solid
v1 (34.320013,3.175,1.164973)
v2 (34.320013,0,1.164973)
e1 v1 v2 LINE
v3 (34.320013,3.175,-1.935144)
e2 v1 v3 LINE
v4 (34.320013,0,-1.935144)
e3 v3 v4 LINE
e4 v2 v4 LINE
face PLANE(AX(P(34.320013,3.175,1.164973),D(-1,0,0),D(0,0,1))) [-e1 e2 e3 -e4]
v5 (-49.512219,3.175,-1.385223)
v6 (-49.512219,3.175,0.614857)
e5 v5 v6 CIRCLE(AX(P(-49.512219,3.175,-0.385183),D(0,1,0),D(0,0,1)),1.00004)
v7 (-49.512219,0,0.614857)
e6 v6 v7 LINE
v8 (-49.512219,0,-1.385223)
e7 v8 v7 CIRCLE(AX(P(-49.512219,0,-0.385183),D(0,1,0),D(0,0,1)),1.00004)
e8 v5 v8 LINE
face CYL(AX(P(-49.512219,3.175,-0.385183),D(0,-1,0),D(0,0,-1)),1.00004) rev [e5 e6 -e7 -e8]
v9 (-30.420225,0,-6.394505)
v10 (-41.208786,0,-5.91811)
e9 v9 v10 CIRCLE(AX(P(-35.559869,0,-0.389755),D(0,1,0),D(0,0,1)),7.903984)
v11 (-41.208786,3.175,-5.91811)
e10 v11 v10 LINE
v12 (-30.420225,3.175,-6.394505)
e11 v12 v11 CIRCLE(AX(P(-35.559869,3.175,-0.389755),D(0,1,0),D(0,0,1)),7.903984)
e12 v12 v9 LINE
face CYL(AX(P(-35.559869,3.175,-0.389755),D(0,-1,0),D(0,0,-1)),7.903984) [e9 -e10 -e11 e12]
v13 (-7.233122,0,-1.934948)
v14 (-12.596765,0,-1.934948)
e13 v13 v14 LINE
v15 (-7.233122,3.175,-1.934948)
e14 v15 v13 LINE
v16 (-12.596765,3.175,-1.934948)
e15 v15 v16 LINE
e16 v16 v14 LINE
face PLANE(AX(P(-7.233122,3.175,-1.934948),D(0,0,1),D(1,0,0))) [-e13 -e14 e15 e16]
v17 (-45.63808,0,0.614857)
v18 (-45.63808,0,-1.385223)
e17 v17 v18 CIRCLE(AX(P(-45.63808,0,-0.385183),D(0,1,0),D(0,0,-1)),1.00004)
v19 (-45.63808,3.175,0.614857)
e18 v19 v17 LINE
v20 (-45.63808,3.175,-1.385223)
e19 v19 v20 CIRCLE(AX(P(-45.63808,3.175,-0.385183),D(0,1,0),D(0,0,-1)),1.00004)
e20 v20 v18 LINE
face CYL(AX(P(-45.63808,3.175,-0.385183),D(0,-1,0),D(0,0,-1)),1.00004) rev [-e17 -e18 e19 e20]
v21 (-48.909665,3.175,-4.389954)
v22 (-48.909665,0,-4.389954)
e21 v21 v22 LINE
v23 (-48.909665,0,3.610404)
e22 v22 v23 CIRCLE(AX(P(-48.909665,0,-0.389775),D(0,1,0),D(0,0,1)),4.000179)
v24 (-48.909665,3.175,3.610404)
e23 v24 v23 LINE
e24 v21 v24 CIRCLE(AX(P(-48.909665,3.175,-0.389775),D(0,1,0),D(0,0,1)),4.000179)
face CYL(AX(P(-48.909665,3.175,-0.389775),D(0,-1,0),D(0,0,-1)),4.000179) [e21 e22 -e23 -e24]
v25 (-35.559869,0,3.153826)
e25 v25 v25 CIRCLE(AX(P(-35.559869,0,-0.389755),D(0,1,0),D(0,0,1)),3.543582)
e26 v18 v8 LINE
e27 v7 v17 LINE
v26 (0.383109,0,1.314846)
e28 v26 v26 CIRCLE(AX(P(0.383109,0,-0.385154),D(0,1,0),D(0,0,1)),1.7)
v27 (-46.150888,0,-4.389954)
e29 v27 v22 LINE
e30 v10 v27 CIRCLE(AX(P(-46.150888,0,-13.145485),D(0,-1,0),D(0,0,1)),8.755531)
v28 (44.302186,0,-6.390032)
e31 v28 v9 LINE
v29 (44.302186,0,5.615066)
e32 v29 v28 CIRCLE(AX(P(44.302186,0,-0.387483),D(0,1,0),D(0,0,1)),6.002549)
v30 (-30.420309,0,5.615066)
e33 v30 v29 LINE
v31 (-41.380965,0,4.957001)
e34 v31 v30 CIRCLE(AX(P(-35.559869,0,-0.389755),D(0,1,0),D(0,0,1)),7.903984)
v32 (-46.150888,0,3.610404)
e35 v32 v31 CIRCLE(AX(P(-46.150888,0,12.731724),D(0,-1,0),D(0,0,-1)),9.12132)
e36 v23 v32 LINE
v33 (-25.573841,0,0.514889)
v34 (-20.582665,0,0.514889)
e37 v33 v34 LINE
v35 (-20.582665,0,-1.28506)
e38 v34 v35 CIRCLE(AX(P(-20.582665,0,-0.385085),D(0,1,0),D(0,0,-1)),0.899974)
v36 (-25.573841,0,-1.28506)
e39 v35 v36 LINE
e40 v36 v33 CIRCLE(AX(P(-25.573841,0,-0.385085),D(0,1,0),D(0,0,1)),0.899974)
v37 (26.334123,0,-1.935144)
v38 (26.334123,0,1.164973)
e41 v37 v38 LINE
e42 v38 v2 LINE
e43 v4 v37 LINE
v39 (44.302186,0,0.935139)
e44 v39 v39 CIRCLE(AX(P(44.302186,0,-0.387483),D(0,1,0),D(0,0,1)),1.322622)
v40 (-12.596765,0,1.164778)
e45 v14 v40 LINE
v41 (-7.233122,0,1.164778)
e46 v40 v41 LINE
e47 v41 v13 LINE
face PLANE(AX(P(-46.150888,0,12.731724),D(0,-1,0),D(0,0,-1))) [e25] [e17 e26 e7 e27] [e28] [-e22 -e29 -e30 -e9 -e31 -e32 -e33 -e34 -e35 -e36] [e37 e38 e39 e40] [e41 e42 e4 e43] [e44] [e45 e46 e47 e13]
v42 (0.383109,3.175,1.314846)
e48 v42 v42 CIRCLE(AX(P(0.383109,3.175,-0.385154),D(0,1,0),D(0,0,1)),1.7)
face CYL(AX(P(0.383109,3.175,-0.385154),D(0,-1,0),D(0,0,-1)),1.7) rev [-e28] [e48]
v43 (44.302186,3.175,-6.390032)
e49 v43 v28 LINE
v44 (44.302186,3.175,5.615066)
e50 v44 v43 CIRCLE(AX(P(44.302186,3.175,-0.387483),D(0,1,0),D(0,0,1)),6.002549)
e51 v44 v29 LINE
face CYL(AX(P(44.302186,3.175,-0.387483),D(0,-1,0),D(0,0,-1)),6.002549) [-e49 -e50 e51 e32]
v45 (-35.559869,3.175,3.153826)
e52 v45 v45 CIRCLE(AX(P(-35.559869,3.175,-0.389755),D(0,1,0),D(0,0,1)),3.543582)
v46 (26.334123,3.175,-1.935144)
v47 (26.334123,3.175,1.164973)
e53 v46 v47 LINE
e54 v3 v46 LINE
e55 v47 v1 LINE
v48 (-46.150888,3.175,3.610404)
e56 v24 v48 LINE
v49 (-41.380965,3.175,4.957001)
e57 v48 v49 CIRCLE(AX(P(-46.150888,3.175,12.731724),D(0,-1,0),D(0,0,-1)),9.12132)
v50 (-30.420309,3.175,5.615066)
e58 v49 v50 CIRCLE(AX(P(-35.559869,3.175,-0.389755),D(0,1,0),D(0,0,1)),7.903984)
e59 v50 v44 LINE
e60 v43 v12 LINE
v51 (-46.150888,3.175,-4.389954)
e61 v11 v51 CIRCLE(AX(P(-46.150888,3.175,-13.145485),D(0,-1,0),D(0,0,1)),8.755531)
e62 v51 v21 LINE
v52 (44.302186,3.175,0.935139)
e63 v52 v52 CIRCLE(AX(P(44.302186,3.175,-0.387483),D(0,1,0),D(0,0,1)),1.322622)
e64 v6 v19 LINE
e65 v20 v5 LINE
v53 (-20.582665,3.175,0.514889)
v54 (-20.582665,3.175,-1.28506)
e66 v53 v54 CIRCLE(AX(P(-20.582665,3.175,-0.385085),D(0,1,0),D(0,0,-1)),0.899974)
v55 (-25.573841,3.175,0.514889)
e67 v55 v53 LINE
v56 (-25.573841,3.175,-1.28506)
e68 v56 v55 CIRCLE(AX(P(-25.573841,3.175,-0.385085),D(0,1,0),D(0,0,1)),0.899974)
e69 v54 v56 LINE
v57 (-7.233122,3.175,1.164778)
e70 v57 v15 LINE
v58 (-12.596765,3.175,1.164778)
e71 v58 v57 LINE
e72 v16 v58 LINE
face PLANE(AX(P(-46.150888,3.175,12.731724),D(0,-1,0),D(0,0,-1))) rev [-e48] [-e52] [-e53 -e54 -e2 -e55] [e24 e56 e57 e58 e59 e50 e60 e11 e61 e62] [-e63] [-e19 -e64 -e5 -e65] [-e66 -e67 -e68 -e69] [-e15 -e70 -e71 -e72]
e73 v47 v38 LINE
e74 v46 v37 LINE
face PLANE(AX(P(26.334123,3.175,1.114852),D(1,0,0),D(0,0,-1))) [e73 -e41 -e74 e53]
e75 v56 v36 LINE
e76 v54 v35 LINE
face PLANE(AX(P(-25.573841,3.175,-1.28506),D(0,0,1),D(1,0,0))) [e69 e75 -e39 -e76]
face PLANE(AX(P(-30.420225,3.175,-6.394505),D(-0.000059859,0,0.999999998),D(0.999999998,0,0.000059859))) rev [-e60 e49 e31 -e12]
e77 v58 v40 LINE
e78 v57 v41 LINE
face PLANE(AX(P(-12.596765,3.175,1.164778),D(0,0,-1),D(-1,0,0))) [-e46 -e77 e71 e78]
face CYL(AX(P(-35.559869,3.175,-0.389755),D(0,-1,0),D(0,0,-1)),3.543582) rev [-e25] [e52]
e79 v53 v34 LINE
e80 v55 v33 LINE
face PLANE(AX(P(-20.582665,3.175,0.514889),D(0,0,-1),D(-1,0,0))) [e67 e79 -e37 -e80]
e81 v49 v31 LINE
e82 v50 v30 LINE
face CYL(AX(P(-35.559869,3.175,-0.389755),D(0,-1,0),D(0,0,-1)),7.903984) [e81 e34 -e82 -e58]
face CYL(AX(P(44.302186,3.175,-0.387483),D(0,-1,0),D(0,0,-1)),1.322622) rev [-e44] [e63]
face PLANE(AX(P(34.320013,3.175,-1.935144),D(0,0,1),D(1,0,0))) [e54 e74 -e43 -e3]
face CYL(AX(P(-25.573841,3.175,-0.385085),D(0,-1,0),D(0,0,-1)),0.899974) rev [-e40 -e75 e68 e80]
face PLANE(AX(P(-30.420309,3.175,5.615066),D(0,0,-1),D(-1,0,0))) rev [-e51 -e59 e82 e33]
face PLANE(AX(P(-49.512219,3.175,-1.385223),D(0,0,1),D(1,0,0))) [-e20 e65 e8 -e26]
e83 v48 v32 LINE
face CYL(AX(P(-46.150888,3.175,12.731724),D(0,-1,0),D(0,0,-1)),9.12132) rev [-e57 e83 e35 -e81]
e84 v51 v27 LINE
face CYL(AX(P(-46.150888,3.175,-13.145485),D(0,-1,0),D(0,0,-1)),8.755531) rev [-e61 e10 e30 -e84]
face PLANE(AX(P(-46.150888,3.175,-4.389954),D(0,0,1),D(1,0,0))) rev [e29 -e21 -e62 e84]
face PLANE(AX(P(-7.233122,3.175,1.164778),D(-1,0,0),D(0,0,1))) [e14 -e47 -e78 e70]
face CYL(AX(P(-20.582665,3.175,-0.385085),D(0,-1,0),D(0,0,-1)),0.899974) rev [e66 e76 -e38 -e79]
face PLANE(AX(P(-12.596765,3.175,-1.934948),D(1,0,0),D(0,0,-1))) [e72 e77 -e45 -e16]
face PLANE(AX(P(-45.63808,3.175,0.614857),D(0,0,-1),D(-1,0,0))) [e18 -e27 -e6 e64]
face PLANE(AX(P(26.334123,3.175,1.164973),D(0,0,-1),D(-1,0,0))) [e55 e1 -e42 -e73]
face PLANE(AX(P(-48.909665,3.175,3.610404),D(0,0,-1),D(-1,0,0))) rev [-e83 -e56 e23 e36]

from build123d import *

# Parameters (mm, degrees)
SKETCH1_R           = 1.322622219
SKETCH1_R_2         = 1.7
SKETCH1_R_3         = 3.543581518
SKETCH1_W           = 5.363642664
SKETCH1_H           = 3.09972609
BOSS_EXTRUDE1_DEPTH = 3.175


with BuildPart() as part:
    # Sketch1 → Boss-Extrude1 (new body)
    with BuildSketch(Plane(origin=(0, 0, 0), x_dir=(1, 0, 0), z_dir=(0, 1, 0))):
        with BuildLine():
            Line((-30.420224954, 6.394505262), (44.302185909, 6.390032423))
            ThreePointArc((44.302185909, 6.390032423), (50.304735151, 0.387483181), (44.302185909, -5.61506606))
            Line((44.302185909, -5.61506606), (-30.420308604, -5.61506606))
            ThreePointArc((-30.420308604, -5.61506606), (-36.033562007, -7.500021548), (-41.380965097, -4.957001462))
            ThreePointArc((-41.380965097, -4.957001462), (-43.672708861, -3.953506377), (-46.150888165, -3.610404055))
            Line((-46.150888165, -3.610404055), (-48.909665253, -3.610404055))
            ThreePointArc((-48.909665253, -3.610404055), (-52.90984424, 0.389774933), (-48.909665253, 4.38995392))
            Line((-48.909665253, 4.38995392), (-46.150888165, 4.38995392))
            ThreePointArc((-46.150888165, 4.38995392), (-43.564402624, 4.780712621), (-41.208786399, 5.918109658))
            ThreePointArc((-41.208786399, 5.918109658), (-35.908549497, 8.286044856), (-30.420224954, 6.394505262))
        make_face()
        with Locations(Location((44.302185909, 0.387483181, 0), (0, 0, 270))):
            Circle(SKETCH1_R, mode=Mode.SUBTRACT)
        with Locations(Location((0.383109325, 0.385153592, 0), (0, 0, 270))):
            Circle(SKETCH1_R_2, mode=Mode.SUBTRACT)
        with Locations(Location((-35.559869313, 0.389755399, 0), (0, 0, 270))):
            Circle(SKETCH1_R_3, mode=Mode.SUBTRACT)
        Polygon((34.320012777, 1.885218269), (34.320012777, 1.935143597), (26.334122715, 1.935143597), (26.334122715, 1.885218269), (26.334122715, -1.114852491), (26.334122715, -1.164973144), (34.320012777, -1.164973144), (34.320012777, -1.114852491), align=None, mode=Mode.SUBTRACT)
        with Locations((-9.914943428, 0.385085228)):
            Rectangle(SKETCH1_W, SKETCH1_H, mode=Mode.SUBTRACT)
        with BuildLine():
            Line((-20.582664571, -0.514889121), (-25.573840985, -0.514889121))
            ThreePointArc((-25.573840985, -0.514889121), (-26.473815335, 0.385085229), (-25.573840985, 1.285059578))
            Line((-25.573840985, 1.285059578), (-20.582664571, 1.285059578))
            ThreePointArc((-20.582664571, 1.285059578), (-19.682690221, 0.385085229), (-20.582664571, -0.514889121))
        make_face(mode=Mode.SUBTRACT)
        with BuildLine():
            Line((-49.512218616, 1.385222757), (-45.638080248, 1.385222757))
            ThreePointArc((-45.638080248, 1.385222757), (-44.638040384, 0.385182893), (-45.638080248, -0.614856971))
            Line((-45.638080248, -0.614856971), (-49.512218616, -0.614856971))
            ThreePointArc((-49.512218616, -0.614856971), (-50.51225848, 0.385182893), (-49.512218616, 1.385222757))
        make_face(mode=Mode.SUBTRACT)
    extrude(amount=BOSS_EXTRUDE1_DEPTH)


solid = part.part
